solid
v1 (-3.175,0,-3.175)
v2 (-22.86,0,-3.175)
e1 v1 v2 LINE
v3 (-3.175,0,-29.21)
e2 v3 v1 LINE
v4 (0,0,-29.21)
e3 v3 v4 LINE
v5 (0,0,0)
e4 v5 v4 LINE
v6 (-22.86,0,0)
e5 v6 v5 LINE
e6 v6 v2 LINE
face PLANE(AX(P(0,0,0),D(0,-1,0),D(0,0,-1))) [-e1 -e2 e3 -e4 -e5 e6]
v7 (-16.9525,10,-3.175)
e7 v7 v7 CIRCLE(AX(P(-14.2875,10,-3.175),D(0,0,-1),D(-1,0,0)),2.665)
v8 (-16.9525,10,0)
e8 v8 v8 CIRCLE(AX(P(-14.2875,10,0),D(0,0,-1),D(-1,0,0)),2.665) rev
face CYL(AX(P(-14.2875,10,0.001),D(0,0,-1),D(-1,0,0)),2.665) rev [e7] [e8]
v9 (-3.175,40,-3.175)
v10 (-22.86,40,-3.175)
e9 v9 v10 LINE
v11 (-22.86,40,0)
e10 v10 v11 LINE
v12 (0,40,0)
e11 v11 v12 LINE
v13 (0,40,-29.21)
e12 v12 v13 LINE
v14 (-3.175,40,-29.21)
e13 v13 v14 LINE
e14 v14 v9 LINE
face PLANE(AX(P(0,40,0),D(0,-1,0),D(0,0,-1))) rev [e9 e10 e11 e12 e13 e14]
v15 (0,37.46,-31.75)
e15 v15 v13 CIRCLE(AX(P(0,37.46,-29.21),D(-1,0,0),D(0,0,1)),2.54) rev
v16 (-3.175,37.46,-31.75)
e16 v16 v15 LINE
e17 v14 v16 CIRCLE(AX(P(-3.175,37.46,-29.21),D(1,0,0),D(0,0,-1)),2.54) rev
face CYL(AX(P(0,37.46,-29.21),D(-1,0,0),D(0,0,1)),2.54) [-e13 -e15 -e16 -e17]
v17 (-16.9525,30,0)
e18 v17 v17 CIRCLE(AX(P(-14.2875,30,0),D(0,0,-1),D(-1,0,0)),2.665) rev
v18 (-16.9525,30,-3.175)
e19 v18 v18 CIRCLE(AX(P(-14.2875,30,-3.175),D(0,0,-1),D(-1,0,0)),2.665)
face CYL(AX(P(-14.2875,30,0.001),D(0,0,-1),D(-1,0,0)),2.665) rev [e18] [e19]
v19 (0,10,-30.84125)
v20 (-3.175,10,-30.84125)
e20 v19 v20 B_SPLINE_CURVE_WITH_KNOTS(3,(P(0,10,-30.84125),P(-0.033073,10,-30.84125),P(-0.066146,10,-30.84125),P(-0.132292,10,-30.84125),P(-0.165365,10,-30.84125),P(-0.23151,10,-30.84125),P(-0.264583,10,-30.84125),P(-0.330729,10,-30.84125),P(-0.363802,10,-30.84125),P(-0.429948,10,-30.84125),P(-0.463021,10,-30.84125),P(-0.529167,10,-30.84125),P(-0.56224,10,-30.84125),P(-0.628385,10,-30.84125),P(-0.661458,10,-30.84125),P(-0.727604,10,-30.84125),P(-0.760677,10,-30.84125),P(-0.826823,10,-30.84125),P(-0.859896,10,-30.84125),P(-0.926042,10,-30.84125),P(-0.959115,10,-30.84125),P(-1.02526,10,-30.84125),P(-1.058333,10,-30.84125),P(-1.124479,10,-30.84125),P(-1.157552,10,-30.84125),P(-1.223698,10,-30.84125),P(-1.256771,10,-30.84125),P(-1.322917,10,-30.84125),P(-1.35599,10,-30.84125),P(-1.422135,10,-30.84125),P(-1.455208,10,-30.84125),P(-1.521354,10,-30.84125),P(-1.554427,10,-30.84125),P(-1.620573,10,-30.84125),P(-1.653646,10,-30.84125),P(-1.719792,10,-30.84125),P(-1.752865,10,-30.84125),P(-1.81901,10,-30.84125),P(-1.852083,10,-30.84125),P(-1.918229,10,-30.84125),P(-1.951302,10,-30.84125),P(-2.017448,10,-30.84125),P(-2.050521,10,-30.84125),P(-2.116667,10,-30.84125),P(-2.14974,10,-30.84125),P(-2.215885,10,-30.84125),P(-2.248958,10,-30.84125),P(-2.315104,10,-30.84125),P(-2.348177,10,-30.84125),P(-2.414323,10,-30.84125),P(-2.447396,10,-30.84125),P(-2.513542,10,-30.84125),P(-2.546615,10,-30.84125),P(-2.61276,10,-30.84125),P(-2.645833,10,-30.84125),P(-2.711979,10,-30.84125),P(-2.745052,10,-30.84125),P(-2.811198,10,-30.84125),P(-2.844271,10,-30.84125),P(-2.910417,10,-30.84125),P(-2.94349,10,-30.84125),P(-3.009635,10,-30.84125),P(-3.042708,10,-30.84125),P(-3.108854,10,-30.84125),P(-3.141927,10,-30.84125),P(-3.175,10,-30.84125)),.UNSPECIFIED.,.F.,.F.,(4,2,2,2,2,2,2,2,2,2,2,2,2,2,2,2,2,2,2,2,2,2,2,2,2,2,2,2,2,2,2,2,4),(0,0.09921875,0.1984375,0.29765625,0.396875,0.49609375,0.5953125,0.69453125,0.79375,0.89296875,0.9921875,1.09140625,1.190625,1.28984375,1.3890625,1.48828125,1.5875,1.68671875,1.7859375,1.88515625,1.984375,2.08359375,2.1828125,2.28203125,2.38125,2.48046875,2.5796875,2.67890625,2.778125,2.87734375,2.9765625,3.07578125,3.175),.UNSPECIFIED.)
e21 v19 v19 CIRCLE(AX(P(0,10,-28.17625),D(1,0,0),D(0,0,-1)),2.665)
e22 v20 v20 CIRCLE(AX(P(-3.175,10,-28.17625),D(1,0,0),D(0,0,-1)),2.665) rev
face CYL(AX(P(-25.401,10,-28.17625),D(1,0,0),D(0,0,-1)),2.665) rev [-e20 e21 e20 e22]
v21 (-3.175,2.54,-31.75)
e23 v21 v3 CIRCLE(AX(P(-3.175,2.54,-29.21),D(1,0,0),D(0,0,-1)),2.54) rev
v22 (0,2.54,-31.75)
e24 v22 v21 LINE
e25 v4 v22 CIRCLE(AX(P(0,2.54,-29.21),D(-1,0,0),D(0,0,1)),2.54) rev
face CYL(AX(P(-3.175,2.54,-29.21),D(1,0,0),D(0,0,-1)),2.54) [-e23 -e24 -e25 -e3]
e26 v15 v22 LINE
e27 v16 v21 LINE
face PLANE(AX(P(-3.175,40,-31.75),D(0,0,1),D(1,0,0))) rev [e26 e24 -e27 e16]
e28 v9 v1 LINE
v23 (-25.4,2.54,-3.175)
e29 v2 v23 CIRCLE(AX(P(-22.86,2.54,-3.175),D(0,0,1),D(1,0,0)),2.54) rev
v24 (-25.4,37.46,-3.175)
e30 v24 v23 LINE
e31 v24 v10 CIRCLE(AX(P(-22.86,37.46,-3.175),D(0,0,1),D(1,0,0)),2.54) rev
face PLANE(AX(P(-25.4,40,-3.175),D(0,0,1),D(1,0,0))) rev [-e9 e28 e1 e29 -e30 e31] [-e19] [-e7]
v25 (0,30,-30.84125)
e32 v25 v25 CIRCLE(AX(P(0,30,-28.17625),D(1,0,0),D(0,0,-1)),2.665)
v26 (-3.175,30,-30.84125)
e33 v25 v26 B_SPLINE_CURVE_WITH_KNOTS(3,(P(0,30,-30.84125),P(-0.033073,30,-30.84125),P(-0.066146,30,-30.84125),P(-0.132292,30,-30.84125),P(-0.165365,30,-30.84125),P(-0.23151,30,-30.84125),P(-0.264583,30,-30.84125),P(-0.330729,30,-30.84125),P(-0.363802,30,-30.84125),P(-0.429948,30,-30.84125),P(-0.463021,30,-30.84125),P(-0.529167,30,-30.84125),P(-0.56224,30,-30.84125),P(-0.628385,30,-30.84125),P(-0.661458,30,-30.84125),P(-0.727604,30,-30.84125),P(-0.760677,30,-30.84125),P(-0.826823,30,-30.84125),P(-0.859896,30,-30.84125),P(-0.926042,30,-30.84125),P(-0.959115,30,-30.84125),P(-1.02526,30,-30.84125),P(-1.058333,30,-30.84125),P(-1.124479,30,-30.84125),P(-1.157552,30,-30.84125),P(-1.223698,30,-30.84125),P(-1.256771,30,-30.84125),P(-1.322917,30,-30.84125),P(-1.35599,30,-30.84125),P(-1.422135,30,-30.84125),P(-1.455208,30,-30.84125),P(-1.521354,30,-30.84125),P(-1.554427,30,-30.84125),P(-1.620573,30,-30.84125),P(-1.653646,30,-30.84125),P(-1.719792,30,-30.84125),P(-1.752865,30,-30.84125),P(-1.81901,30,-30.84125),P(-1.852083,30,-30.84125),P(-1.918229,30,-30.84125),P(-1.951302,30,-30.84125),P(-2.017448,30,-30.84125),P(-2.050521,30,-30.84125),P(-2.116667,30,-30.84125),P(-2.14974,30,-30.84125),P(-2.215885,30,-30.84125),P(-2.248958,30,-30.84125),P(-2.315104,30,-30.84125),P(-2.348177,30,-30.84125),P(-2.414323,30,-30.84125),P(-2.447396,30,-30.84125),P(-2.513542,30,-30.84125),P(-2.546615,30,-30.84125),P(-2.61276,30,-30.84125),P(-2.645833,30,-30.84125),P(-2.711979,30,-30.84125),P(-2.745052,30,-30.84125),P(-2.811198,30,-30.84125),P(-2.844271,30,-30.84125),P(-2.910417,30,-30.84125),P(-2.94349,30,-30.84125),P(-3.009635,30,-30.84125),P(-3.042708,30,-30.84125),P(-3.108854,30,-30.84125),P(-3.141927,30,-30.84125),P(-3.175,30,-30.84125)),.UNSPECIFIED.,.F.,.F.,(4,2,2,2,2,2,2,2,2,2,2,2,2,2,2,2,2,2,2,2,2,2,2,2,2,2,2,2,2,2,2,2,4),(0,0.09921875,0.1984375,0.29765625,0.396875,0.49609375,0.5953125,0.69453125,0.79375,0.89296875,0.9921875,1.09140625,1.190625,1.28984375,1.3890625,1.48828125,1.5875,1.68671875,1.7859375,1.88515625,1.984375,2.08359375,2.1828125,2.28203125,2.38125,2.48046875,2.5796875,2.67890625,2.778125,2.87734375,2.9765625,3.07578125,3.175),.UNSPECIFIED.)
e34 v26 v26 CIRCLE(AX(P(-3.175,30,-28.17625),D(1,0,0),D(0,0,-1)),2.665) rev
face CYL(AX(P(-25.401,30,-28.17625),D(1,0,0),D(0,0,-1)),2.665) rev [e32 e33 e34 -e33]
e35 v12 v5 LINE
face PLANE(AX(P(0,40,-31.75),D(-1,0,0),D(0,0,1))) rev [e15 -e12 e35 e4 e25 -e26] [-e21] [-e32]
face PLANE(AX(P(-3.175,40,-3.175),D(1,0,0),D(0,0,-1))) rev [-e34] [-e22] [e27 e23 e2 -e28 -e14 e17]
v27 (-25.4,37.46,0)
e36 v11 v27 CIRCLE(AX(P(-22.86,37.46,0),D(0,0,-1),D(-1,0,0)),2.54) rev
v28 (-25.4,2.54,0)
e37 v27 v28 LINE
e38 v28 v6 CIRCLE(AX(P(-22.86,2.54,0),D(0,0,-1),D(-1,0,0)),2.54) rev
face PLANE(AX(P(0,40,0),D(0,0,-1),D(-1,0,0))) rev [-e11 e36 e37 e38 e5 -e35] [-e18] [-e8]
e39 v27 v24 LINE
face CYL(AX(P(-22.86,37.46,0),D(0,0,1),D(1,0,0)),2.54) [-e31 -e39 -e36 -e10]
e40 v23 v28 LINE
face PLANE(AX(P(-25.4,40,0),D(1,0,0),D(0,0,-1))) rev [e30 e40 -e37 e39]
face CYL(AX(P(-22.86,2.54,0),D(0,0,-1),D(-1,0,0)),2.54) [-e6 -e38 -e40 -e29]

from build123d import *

# Parameters (mm, degrees)
BOSS_EXTRUDE1_DEPTH = 40
CUT_EXTRUDE1_REACH  = 57.333
SKETCH2_R           = 2.665
CUT_EXTRUDE2_REACH  = 59.037
SKETCH3_R           = 2.665
FILLET1_R           = 2.54


with BuildPart() as part:
    # Sketch1 → Boss-Extrude1 (new body)
    with BuildSketch(Plane(origin=(0, 0, 0), x_dir=(1, 0, 0), z_dir=(0, 1, 0))):
        Polygon((0, 0), (-25.4, 0), (-25.4, 3.175), (-3.175, 3.175), (-3.175, 31.75), (0, 31.75), align=None)
    extrude(amount=BOSS_EXTRUDE1_DEPTH)

    # Sketch2 → Cut-Extrude1 (cut, up to next)
    with BuildSketch(Plane(origin=(0, 0, -3.175), x_dir=(-1, 0, 0), z_dir=(0, 0, -1)), mode=Mode.PRIVATE) as cut_extrude1_sk1:
        with Locations((14.2875, 30)):
            Circle(SKETCH2_R)
    cut_extrude1_tool1 = extrude(cut_extrude1_sk1.sketch, amount=-CUT_EXTRUDE1_REACH, mode=Mode.PRIVATE) & part.part
    # Sketch2 → Cut-Extrude1 (cut, up to next)
    with BuildSketch(Plane(origin=(0, 0, -3.175), x_dir=(-1, 0, 0), z_dir=(0, 0, -1)), mode=Mode.PRIVATE) as cut_extrude1_sk2:
        with Locations((14.2875, 10)):
            Circle(SKETCH2_R)
    cut_extrude1_tool2 = extrude(cut_extrude1_sk2.sketch, amount=-CUT_EXTRUDE1_REACH, mode=Mode.PRIVATE) & part.part
    add(cut_extrude1_tool1.solids().sort_by_distance((-14.2875, 30, -3.175))[0], mode=Mode.SUBTRACT)
    add(cut_extrude1_tool2.solids().sort_by_distance((-14.2875, 10, -3.175))[0], mode=Mode.SUBTRACT)

    # Sketch3 → Cut-Extrude2 (cut, up to next)
    with BuildSketch(Plane(origin=(0, 0, 0), x_dir=(0, 0, -1), z_dir=(1, 0, 0)), mode=Mode.PRIVATE) as cut_extrude2_sk1:
        with Locations((28.17625, 10)):
            Circle(SKETCH3_R)
    cut_extrude2_tool1 = extrude(cut_extrude2_sk1.sketch, amount=-CUT_EXTRUDE2_REACH, mode=Mode.PRIVATE) & part.part
    # Sketch3 → Cut-Extrude2 (cut, up to next)
    with BuildSketch(Plane(origin=(0, 0, 0), x_dir=(0, 0, -1), z_dir=(1, 0, 0)), mode=Mode.PRIVATE) as cut_extrude2_sk2:
        with Locations((28.17625, 30)):
            Circle(SKETCH3_R)
    cut_extrude2_tool2 = extrude(cut_extrude2_sk2.sketch, amount=-CUT_EXTRUDE2_REACH, mode=Mode.PRIVATE) & part.part
    add(cut_extrude2_tool1.solids().sort_by_distance((0, 10, -28.17625))[0], mode=Mode.SUBTRACT)
    add(cut_extrude2_tool2.solids().sort_by_distance((0, 30, -28.17625))[0], mode=Mode.SUBTRACT)

    # Fillet1
    fillet1_edges = [part.edges().sort_by_distance(p)[0] for p in [
        (-25.4, 40, -1.5875),
        (-25.4, 0, -1.5875),
        (-1.5875, 40, -31.75),
        (-1.5875, 0, -31.75),
    ]]
    fillet(fillet1_edges, radius=FILLET1_R)


solid = part.part
